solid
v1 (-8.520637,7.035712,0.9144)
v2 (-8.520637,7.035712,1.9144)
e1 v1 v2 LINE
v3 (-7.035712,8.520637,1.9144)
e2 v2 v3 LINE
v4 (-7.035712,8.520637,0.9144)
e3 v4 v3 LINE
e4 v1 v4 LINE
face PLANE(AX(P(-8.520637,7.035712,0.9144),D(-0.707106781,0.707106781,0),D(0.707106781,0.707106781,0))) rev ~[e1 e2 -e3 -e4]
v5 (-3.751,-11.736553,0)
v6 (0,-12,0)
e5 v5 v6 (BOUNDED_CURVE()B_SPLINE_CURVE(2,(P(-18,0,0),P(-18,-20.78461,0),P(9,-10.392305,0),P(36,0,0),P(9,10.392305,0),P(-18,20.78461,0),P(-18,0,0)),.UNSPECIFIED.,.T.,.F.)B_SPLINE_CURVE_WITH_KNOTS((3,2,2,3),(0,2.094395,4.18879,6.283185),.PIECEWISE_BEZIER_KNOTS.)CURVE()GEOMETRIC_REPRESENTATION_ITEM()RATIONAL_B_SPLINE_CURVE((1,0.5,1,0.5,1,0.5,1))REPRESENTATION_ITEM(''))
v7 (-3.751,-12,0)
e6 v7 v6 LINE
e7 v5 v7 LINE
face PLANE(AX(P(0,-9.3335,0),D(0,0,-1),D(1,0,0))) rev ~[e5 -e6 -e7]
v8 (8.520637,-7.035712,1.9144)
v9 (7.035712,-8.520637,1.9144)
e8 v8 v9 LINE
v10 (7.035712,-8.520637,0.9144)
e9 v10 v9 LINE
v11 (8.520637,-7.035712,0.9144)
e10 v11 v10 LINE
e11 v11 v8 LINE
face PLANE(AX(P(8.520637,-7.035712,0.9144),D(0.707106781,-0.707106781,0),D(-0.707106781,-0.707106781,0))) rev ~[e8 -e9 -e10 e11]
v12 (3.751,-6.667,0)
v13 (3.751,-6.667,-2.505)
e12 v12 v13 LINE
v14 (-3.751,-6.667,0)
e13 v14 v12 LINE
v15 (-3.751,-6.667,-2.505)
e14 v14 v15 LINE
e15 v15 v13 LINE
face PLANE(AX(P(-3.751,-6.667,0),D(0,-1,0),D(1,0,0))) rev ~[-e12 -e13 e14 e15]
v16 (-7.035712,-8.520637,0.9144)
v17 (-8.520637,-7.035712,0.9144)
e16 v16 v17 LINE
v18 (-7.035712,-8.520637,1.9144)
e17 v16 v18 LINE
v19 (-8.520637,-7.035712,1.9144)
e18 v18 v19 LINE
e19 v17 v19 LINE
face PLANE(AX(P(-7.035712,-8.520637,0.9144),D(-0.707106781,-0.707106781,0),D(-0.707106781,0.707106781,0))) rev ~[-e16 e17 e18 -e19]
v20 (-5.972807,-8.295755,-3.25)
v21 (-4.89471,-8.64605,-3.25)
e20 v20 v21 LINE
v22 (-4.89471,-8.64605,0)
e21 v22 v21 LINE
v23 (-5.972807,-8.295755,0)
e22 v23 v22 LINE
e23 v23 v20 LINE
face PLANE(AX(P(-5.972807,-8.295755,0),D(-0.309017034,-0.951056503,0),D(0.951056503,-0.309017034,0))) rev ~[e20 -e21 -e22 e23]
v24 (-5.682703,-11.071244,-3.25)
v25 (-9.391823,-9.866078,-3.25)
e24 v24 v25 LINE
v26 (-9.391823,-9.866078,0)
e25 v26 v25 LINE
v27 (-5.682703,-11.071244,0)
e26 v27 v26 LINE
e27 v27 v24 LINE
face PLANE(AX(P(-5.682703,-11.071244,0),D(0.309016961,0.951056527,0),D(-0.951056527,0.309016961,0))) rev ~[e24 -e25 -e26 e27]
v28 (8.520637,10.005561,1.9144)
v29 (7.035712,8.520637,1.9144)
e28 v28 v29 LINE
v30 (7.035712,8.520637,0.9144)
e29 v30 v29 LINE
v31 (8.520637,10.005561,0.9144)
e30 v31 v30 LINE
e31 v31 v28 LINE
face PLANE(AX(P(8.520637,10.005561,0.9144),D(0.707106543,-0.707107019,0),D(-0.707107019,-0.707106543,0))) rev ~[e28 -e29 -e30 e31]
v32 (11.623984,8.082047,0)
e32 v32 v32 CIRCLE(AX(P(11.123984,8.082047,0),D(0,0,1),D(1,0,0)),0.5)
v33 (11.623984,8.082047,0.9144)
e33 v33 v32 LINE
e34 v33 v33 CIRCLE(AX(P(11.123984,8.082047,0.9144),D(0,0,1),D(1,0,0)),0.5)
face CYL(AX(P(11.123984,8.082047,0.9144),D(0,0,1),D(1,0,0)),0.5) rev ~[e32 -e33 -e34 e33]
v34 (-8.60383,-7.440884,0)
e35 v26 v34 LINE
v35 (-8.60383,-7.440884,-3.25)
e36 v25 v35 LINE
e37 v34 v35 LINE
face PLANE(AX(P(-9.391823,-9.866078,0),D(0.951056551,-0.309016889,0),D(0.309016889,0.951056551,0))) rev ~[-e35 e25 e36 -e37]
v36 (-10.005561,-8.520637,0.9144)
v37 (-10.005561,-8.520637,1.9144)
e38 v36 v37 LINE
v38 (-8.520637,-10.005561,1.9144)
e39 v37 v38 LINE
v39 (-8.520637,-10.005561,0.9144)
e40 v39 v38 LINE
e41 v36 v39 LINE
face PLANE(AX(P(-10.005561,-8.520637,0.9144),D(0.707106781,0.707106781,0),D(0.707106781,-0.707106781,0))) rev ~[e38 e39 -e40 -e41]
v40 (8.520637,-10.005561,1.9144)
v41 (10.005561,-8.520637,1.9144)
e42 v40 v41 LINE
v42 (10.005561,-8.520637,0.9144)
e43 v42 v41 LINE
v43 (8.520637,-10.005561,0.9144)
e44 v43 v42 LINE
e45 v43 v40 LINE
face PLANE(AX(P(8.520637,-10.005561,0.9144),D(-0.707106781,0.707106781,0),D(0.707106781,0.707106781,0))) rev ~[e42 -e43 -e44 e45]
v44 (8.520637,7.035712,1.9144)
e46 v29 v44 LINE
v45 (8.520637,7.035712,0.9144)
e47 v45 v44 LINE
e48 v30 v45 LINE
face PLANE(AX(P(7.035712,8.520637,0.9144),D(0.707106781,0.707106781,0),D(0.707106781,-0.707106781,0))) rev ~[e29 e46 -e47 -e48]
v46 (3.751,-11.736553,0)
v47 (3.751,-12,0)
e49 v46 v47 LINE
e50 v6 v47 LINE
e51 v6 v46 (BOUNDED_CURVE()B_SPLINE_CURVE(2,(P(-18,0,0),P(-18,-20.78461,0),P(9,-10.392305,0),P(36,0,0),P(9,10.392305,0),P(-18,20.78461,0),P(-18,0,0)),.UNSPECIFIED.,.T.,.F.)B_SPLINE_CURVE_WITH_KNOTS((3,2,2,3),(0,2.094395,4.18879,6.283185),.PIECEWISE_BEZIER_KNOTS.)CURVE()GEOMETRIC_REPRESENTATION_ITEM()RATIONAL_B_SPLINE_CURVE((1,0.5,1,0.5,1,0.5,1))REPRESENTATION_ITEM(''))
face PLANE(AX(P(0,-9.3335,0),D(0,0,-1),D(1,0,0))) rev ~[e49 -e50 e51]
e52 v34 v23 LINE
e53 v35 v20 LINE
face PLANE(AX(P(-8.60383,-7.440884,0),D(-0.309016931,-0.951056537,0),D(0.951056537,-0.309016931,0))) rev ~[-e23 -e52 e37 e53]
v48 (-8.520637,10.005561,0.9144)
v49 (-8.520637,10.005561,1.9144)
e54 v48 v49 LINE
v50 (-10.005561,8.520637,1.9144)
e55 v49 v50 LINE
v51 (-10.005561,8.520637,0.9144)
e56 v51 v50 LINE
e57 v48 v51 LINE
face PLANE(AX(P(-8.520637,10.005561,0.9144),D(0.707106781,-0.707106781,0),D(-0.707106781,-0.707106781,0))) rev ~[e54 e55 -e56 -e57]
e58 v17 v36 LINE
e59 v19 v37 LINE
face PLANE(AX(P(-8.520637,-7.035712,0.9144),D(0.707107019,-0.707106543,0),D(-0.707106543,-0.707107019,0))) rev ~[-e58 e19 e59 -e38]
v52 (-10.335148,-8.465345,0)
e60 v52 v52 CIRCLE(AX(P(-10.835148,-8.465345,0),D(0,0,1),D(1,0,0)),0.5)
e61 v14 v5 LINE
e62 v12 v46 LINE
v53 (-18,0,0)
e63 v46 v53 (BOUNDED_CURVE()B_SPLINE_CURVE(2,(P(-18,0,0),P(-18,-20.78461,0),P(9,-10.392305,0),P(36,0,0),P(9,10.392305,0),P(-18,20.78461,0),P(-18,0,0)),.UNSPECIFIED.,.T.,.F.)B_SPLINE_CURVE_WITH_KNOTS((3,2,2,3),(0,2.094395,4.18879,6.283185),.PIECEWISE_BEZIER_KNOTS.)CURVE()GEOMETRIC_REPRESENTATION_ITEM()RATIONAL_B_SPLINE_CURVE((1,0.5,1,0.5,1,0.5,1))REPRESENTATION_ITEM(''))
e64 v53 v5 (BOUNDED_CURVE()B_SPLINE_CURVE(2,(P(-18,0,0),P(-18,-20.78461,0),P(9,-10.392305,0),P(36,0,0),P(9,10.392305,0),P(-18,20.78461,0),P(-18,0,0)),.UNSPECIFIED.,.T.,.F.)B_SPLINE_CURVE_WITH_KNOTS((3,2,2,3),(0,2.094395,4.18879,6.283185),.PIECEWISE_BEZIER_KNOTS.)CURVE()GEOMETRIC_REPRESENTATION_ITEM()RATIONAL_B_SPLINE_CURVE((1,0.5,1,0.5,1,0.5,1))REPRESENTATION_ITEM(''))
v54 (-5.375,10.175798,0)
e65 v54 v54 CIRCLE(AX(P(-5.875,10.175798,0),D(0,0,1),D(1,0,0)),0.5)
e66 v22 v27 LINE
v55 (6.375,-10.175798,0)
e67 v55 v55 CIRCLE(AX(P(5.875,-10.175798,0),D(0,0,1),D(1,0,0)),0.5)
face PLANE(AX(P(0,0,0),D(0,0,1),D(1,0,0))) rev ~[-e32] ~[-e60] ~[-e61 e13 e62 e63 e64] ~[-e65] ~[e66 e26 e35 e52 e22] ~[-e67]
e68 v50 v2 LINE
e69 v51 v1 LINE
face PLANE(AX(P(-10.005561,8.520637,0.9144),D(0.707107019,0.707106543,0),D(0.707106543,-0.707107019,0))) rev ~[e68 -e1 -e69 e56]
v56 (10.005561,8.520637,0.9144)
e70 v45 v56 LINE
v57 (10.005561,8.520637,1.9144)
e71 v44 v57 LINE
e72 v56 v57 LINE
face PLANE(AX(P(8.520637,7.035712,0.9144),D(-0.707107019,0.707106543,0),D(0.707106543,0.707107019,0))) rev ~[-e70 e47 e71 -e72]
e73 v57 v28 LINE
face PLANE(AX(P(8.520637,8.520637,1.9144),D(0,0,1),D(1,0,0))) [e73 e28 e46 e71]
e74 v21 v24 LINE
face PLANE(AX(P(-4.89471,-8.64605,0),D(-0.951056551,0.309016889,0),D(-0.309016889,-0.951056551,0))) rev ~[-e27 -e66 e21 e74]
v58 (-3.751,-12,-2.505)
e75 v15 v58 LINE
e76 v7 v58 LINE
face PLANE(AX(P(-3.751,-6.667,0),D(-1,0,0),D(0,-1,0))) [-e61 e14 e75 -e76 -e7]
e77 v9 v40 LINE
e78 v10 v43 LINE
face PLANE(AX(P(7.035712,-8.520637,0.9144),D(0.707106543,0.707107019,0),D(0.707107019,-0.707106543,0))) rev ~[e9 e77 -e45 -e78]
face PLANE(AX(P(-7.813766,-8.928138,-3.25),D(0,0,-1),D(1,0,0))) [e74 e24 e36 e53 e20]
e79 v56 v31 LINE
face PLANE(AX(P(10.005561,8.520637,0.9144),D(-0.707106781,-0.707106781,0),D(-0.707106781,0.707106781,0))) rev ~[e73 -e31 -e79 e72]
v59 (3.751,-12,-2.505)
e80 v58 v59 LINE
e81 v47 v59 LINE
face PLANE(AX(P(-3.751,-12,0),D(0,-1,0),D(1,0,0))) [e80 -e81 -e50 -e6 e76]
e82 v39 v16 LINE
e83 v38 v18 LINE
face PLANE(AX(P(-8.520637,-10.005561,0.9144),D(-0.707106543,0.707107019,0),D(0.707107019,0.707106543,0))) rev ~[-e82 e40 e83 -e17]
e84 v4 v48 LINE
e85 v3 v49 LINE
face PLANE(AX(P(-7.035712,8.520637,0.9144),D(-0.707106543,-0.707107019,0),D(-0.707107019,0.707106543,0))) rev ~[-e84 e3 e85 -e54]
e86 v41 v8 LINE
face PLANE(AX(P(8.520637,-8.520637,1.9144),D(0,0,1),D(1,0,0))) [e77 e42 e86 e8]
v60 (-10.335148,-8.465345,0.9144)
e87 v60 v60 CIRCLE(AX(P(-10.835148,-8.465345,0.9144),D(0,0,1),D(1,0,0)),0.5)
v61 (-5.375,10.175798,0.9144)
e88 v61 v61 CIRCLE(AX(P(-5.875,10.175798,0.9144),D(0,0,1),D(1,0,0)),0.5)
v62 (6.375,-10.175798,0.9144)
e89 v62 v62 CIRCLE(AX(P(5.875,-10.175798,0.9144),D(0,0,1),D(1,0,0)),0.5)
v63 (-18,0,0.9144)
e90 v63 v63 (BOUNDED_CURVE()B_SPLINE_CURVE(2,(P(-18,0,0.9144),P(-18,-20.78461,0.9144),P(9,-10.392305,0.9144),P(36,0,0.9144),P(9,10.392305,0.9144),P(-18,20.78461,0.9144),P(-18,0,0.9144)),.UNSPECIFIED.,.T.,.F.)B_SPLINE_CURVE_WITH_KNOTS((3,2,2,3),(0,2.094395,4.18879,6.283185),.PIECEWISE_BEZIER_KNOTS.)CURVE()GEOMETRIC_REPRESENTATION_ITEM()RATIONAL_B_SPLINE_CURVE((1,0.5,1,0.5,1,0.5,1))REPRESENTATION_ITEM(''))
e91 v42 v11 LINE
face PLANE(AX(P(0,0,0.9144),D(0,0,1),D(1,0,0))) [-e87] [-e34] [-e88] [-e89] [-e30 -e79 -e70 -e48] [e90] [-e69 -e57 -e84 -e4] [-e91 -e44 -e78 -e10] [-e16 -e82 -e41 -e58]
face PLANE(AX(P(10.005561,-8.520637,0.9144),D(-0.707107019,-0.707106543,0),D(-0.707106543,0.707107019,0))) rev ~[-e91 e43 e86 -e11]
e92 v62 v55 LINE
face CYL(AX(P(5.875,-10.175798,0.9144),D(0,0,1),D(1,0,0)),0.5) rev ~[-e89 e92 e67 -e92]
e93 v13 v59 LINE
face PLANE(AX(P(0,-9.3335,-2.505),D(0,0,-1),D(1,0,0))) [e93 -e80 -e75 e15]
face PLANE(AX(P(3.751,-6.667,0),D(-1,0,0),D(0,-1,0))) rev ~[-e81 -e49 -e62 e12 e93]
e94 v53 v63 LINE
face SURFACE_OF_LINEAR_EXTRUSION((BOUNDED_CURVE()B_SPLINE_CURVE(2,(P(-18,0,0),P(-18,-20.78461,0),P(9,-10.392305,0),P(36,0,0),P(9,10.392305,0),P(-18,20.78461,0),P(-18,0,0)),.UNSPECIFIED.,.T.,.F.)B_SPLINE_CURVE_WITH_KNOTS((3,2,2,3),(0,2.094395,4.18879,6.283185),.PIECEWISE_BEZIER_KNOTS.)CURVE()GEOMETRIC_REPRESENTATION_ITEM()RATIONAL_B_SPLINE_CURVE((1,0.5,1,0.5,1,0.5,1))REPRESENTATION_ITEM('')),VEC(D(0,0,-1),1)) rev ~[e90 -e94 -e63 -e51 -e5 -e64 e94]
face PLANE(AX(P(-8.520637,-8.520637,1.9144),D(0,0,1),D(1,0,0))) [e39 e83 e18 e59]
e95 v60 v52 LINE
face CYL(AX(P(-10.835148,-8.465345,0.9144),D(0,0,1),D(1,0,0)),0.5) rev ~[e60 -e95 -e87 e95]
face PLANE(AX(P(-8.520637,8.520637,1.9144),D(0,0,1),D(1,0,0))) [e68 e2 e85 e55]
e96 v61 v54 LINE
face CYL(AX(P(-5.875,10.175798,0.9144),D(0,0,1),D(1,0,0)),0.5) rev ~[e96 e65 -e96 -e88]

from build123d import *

# Parameters (mm, degrees)
F1_DEPTH = 0.9144
F3_DEPTH = 1
F4_W     = 7.502
F4_H     = 5.333
F5_DEPTH = 2.505
F7_DEPTH = 3.25
F8_R     = 0.5
F9_DEPTH = 25


with BuildPart() as f1:
    # F0 (on Top) → F1 (new body)
    with BuildSketch(Plane.XY):
        with BuildLine():
            add(Edge.make_bspline(
                [(-18, 0), (-18, -20.78461), (9, -10.392305), (36, 0), (9, 10.392305), (-18, 20.78461), (-18, 0)],
                knots=[0, 0, 0, 2.094395, 2.094395, 4.18879, 4.18879, 6.283185, 6.283185, 6.283185], degree=2, weights=[1, 0.5, 1, 0.5, 1, 0.5, 1]))
        make_face()
    extrude(amount=F1_DEPTH)

    # F2 (on face) → F3 (join)
    with BuildSketch(Plane.XY.offset(0.9144)):
        Polygon((8.520637, 10.005561), (7.035712, 8.520637), (8.520637, 7.035712), (10.005561, 8.520637), align=None)
        Polygon((-8.520637, 10.005561), (-10.005561, 8.520637), (-8.520637, 7.035712), (-7.035712, 8.520637), align=None)
        Polygon((-10.005561, -8.520637), (-8.520637, -10.005561), (-7.035712, -8.520637), (-8.520637, -7.035712), align=None)
        Polygon((8.520637, -10.005561), (10.005561, -8.520637), (8.520637, -7.035712), (7.035712, -8.520637), align=None)
    extrude(amount=F3_DEPTH)

    # F4 (on face) → F5 (join)
    with BuildSketch(Plane(origin=(0, 0, 0), x_dir=(1, 0, 0), z_dir=(0, 0, -1))):
        with Locations((0, 9.3335)):
            Rectangle(F4_W, F4_H)
    extrude(amount=F5_DEPTH)

    # F6 (on face) → F7 (join)
    with BuildSketch(Plane(origin=(0, 0, 0), x_dir=(1, 0, 0), z_dir=(0, 0, -1))):
        Polygon((-9.391823, 9.866078), (-8.60383, 7.440884), (-5.972807, 8.295755), (-7.537263, 10.468661), align=None)
        Polygon((-7.537263, 10.468661), (-5.972807, 8.295755), (-4.89471, 8.64605), (-5.682703, 11.071244), align=None)
    extrude(amount=F7_DEPTH)

    # F8 (on face) → F9 (cut)
    with BuildSketch(Plane.XY.offset(0.9144)):
        with Locations((-5.875, 10.175798)):
            Circle(F8_R)
        with Locations((11.123984, 8.082047)):
            Circle(F8_R)
        with Locations((5.875, -10.175798)):
            Circle(F8_R)
        with Locations((-10.835148, -8.465345)):
            Circle(F8_R)
    extrude(amount=-F9_DEPTH, mode=Mode.SUBTRACT)


solid = f1.part
